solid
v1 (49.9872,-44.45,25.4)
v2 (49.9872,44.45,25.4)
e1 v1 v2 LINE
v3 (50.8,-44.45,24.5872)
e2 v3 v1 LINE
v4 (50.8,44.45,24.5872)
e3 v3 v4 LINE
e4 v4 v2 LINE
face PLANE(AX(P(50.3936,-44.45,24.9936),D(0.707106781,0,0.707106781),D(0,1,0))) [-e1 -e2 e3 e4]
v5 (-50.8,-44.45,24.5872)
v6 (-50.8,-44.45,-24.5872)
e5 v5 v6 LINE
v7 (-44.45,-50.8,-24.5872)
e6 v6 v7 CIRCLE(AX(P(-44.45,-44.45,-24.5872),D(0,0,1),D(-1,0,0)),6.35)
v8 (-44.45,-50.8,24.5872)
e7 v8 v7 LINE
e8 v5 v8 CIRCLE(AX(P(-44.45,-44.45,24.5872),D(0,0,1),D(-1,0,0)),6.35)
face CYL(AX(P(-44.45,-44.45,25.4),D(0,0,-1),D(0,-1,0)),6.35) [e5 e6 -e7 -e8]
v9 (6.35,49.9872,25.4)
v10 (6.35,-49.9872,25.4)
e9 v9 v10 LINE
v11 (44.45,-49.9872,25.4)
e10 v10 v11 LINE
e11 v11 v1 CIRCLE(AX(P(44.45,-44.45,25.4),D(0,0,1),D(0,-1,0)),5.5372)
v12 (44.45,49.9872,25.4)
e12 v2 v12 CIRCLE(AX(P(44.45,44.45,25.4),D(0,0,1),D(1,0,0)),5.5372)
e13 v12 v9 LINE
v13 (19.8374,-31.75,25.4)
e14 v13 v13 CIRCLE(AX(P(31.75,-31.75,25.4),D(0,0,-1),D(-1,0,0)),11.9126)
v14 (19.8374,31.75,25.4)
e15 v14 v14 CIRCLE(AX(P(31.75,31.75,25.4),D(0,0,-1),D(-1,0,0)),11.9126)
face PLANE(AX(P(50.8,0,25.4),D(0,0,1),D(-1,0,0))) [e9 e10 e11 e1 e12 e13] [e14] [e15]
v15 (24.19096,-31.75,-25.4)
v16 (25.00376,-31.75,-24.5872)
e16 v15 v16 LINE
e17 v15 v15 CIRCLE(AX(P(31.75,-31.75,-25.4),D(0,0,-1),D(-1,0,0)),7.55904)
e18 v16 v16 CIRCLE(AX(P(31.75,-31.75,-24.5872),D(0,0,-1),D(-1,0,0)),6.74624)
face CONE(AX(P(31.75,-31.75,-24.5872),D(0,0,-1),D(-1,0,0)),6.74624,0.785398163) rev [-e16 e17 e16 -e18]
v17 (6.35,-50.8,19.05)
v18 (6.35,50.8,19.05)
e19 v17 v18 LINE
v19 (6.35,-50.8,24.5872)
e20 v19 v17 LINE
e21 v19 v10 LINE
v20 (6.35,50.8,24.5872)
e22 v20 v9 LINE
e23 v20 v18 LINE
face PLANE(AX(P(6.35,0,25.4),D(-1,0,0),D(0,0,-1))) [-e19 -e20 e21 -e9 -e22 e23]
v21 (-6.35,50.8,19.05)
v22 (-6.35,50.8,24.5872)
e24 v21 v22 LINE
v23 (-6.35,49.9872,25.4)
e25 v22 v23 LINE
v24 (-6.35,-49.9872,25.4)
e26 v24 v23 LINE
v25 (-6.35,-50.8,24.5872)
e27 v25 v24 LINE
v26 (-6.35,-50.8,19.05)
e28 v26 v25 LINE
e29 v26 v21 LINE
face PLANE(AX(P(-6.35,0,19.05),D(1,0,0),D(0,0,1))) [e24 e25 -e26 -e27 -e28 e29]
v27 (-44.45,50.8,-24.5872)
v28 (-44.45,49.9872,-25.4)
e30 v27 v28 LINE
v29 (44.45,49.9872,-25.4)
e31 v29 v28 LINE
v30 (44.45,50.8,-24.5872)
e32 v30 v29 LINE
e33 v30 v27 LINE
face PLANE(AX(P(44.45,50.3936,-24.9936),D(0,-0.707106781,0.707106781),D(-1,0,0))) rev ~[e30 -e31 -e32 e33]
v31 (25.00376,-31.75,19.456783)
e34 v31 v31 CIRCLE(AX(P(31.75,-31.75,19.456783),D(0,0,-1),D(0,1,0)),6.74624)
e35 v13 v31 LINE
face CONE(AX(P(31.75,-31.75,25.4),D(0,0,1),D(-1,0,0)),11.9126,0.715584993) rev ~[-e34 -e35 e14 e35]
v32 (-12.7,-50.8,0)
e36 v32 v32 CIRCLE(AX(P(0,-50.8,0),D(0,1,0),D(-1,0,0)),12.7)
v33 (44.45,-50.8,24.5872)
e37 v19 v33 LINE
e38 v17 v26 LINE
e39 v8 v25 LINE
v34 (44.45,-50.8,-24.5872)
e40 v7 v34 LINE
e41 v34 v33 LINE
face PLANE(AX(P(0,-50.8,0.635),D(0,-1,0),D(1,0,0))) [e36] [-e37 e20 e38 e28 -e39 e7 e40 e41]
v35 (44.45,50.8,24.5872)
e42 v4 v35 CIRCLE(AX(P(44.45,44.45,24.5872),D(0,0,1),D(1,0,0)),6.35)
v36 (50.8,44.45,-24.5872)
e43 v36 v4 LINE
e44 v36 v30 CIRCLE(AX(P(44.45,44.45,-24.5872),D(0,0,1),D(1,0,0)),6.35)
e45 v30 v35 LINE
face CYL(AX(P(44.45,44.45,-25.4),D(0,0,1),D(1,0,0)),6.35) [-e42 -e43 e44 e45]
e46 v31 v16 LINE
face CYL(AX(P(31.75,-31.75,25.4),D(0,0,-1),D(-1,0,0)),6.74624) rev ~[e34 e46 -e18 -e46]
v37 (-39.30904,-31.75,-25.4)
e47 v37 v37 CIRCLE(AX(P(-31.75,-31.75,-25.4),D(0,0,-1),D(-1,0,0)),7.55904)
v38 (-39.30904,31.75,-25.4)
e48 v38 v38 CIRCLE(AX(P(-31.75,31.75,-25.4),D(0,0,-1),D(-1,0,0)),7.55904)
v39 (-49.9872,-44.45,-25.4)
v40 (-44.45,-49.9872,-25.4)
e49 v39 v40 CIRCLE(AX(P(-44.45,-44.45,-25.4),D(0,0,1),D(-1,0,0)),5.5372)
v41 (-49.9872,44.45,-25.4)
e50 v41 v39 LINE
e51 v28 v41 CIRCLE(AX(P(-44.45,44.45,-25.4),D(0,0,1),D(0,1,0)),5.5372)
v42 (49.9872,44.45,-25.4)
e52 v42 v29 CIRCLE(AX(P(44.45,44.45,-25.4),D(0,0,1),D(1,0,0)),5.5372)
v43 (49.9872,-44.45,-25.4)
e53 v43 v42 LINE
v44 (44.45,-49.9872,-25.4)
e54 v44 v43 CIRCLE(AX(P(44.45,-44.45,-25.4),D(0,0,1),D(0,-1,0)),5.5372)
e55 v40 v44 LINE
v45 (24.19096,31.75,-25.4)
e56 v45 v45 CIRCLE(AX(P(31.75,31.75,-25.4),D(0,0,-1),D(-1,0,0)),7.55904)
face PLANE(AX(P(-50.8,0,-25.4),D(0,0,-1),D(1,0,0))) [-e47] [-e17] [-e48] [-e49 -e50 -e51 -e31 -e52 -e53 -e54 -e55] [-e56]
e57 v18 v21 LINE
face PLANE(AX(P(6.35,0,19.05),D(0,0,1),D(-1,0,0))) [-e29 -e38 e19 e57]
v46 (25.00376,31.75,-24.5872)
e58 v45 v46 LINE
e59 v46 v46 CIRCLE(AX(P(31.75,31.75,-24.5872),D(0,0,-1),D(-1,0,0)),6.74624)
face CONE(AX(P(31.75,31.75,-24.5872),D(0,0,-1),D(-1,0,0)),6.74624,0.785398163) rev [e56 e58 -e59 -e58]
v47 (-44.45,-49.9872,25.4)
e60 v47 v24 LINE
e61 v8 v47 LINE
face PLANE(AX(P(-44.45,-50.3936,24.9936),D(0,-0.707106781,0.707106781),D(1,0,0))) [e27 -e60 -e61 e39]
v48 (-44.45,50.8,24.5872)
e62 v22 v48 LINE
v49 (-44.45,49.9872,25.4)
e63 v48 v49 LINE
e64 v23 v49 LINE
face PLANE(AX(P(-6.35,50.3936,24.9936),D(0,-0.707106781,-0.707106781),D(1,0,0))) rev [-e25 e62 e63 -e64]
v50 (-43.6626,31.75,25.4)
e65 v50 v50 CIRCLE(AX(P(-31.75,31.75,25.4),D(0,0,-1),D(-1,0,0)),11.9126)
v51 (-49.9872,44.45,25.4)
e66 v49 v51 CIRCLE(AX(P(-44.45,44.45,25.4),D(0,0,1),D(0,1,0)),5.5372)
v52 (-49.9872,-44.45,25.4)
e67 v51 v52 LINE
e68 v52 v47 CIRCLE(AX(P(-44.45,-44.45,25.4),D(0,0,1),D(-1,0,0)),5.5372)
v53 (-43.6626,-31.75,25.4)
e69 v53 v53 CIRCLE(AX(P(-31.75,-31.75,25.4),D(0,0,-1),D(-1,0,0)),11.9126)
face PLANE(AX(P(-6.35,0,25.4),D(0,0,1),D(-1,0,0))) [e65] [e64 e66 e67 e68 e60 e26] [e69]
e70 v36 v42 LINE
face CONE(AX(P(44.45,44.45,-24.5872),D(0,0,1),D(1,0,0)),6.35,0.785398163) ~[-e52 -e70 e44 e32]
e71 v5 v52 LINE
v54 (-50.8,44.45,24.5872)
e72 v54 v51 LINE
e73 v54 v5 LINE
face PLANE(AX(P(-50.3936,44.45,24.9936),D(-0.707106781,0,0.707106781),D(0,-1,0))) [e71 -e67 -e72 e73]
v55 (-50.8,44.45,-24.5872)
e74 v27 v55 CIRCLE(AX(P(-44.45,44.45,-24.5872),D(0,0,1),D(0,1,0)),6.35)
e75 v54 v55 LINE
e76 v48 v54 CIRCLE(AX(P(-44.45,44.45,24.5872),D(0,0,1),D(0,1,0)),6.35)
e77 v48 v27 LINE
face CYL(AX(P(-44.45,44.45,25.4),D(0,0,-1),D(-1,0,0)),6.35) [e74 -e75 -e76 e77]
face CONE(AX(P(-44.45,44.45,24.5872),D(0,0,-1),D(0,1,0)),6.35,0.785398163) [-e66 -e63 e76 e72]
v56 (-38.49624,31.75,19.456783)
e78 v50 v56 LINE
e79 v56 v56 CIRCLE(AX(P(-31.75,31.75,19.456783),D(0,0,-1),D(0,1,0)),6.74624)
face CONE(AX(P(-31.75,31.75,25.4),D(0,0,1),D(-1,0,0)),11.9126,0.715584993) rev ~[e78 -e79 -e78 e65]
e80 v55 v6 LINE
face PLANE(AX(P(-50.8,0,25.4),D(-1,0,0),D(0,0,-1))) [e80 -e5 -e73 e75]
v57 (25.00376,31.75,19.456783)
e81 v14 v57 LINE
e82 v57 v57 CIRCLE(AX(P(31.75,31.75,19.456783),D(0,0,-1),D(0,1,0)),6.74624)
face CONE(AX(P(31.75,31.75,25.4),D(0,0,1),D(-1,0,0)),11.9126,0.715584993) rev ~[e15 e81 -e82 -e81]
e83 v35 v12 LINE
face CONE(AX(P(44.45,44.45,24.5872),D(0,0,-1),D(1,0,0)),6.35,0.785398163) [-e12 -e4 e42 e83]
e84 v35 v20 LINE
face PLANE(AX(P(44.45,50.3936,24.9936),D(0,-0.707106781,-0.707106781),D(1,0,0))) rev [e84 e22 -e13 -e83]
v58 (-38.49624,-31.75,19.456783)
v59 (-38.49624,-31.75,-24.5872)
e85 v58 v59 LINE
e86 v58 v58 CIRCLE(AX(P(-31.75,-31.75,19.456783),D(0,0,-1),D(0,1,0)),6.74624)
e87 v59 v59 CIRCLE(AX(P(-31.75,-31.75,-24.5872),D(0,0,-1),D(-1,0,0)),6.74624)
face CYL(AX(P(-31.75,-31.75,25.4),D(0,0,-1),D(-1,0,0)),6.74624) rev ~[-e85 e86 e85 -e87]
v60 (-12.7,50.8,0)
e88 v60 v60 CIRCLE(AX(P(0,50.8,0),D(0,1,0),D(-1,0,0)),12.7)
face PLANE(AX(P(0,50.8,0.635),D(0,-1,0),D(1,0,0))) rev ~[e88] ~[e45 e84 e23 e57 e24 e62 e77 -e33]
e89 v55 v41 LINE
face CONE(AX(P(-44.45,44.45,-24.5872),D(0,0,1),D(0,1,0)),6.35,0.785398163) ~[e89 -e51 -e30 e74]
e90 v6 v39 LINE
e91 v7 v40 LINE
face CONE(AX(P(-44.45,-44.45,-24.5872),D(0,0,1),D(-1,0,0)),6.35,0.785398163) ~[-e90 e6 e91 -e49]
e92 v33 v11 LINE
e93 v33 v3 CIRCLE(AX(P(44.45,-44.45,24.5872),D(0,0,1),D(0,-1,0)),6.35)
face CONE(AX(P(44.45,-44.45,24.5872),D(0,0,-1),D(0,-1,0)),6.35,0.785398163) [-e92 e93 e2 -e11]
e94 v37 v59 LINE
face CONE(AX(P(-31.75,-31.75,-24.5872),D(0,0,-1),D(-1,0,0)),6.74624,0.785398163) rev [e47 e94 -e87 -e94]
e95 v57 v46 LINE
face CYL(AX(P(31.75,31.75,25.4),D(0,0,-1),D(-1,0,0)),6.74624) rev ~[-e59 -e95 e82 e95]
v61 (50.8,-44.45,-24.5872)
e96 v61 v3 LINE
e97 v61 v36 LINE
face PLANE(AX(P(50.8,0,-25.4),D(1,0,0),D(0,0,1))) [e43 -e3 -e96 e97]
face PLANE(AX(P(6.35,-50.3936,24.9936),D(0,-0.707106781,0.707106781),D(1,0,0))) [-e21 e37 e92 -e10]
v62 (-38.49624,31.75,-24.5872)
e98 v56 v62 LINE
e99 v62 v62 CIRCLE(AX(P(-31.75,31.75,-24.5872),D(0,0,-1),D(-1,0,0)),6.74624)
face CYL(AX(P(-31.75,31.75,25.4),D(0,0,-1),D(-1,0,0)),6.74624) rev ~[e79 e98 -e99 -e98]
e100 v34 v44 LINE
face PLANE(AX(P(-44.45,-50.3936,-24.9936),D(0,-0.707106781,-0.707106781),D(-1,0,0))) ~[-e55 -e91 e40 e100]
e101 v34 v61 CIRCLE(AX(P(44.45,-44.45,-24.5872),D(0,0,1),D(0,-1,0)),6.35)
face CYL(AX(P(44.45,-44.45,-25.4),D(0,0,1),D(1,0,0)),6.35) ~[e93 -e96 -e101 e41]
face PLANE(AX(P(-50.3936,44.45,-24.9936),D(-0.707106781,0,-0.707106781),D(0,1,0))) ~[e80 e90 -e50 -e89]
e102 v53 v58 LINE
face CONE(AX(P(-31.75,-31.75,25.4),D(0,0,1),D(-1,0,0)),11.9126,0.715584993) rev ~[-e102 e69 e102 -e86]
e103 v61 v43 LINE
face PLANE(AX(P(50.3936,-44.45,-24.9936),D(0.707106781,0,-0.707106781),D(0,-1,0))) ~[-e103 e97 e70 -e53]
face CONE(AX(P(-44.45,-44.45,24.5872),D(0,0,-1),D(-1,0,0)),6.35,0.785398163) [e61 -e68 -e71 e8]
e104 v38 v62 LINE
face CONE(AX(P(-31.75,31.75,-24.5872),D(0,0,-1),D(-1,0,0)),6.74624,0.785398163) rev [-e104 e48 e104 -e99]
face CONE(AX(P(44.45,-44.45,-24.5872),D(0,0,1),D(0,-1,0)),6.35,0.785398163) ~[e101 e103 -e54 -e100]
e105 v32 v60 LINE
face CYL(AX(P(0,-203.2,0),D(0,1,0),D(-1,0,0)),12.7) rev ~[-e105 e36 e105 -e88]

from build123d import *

# Parameters (mm, degrees)
F1_DEPTH       = 50.8
F3_D           = 13.49248
F3_CSINK_D     = 23.8252
F3_CSINK_ANGLE = 82
F4_R           = 6.35
F5_SIZE        = 0.8128
F6_SIZE        = 0.8128
F8_D           = 25.4


with BuildPart() as f1:
    # F0 (on Front) → F1 (new body, symmetric)
    with BuildSketch(Plane.XZ):
        Polygon((-6.35, 25.4), (-50.8, 25.4), (-50.8, -25.4), (50.8, -25.4), (50.8, 25.4), (6.35, 25.4), (6.35, 19.05), (-6.35, 19.05), align=None)
    extrude(amount=F1_DEPTH, both=True)

    # F3 (through all)
    with Locations(Plane.XY.offset(25.4)):
        with Locations((-31.75, 31.75), (31.75, 31.75), (31.75, -31.75), (-31.75, -31.75)):
            CounterSinkHole(F3_D / 2, F3_CSINK_D / 2, counter_sink_angle=F3_CSINK_ANGLE)

    # F4
    f4_edges = [f1.edges().sort_by_distance(p)[0] for p in [
        (-50.8, 50.8, 0),
        (-50.8, -50.8, 0),
        (50.8, -50.8, 0),
        (50.8, 50.8, 0),
    ]]
    fillet(f4_edges, radius=F4_R)

    # F5
    f5_edges = [f1.edges().sort_by_distance(p)[0] for p in [
        (-50.8, 0, -25.4),
        (-48.940128, 48.940128, -25.4),
        (-48.940128, -48.940128, -25.4),
        (0, 50.8, -25.4),
        (0, -50.8, -25.4),
        (48.940128, 48.940128, -25.4),
        (48.940128, -48.940128, -25.4),
        (50.8, 0, -25.4),
        (-38.49624, 31.75, -25.4),
        (25.00376, 31.75, -25.4),
        (-38.49624, -31.75, -25.4),
        (25.00376, -31.75, -25.4),
    ]]
    chamfer(f5_edges, length=F5_SIZE)

    # F6
    f6_edges = [f1.edges().sort_by_distance(p)[0] for p in [
        (-25.4, 50.8, 25.4),
        (25.4, 50.8, 25.4),
        (50.8, 0, 25.4),
        (-50.8, 0, 25.4),
        (-25.4, -50.8, 25.4),
        (25.4, -50.8, 25.4),
    ]]
    chamfer(f6_edges, length=F6_SIZE)

    # F8 (through all)
    with Locations(Plane.XZ.offset(50.8)):
        with Locations((0, 0)):
            Hole(F8_D / 2)


solid = f1.part
